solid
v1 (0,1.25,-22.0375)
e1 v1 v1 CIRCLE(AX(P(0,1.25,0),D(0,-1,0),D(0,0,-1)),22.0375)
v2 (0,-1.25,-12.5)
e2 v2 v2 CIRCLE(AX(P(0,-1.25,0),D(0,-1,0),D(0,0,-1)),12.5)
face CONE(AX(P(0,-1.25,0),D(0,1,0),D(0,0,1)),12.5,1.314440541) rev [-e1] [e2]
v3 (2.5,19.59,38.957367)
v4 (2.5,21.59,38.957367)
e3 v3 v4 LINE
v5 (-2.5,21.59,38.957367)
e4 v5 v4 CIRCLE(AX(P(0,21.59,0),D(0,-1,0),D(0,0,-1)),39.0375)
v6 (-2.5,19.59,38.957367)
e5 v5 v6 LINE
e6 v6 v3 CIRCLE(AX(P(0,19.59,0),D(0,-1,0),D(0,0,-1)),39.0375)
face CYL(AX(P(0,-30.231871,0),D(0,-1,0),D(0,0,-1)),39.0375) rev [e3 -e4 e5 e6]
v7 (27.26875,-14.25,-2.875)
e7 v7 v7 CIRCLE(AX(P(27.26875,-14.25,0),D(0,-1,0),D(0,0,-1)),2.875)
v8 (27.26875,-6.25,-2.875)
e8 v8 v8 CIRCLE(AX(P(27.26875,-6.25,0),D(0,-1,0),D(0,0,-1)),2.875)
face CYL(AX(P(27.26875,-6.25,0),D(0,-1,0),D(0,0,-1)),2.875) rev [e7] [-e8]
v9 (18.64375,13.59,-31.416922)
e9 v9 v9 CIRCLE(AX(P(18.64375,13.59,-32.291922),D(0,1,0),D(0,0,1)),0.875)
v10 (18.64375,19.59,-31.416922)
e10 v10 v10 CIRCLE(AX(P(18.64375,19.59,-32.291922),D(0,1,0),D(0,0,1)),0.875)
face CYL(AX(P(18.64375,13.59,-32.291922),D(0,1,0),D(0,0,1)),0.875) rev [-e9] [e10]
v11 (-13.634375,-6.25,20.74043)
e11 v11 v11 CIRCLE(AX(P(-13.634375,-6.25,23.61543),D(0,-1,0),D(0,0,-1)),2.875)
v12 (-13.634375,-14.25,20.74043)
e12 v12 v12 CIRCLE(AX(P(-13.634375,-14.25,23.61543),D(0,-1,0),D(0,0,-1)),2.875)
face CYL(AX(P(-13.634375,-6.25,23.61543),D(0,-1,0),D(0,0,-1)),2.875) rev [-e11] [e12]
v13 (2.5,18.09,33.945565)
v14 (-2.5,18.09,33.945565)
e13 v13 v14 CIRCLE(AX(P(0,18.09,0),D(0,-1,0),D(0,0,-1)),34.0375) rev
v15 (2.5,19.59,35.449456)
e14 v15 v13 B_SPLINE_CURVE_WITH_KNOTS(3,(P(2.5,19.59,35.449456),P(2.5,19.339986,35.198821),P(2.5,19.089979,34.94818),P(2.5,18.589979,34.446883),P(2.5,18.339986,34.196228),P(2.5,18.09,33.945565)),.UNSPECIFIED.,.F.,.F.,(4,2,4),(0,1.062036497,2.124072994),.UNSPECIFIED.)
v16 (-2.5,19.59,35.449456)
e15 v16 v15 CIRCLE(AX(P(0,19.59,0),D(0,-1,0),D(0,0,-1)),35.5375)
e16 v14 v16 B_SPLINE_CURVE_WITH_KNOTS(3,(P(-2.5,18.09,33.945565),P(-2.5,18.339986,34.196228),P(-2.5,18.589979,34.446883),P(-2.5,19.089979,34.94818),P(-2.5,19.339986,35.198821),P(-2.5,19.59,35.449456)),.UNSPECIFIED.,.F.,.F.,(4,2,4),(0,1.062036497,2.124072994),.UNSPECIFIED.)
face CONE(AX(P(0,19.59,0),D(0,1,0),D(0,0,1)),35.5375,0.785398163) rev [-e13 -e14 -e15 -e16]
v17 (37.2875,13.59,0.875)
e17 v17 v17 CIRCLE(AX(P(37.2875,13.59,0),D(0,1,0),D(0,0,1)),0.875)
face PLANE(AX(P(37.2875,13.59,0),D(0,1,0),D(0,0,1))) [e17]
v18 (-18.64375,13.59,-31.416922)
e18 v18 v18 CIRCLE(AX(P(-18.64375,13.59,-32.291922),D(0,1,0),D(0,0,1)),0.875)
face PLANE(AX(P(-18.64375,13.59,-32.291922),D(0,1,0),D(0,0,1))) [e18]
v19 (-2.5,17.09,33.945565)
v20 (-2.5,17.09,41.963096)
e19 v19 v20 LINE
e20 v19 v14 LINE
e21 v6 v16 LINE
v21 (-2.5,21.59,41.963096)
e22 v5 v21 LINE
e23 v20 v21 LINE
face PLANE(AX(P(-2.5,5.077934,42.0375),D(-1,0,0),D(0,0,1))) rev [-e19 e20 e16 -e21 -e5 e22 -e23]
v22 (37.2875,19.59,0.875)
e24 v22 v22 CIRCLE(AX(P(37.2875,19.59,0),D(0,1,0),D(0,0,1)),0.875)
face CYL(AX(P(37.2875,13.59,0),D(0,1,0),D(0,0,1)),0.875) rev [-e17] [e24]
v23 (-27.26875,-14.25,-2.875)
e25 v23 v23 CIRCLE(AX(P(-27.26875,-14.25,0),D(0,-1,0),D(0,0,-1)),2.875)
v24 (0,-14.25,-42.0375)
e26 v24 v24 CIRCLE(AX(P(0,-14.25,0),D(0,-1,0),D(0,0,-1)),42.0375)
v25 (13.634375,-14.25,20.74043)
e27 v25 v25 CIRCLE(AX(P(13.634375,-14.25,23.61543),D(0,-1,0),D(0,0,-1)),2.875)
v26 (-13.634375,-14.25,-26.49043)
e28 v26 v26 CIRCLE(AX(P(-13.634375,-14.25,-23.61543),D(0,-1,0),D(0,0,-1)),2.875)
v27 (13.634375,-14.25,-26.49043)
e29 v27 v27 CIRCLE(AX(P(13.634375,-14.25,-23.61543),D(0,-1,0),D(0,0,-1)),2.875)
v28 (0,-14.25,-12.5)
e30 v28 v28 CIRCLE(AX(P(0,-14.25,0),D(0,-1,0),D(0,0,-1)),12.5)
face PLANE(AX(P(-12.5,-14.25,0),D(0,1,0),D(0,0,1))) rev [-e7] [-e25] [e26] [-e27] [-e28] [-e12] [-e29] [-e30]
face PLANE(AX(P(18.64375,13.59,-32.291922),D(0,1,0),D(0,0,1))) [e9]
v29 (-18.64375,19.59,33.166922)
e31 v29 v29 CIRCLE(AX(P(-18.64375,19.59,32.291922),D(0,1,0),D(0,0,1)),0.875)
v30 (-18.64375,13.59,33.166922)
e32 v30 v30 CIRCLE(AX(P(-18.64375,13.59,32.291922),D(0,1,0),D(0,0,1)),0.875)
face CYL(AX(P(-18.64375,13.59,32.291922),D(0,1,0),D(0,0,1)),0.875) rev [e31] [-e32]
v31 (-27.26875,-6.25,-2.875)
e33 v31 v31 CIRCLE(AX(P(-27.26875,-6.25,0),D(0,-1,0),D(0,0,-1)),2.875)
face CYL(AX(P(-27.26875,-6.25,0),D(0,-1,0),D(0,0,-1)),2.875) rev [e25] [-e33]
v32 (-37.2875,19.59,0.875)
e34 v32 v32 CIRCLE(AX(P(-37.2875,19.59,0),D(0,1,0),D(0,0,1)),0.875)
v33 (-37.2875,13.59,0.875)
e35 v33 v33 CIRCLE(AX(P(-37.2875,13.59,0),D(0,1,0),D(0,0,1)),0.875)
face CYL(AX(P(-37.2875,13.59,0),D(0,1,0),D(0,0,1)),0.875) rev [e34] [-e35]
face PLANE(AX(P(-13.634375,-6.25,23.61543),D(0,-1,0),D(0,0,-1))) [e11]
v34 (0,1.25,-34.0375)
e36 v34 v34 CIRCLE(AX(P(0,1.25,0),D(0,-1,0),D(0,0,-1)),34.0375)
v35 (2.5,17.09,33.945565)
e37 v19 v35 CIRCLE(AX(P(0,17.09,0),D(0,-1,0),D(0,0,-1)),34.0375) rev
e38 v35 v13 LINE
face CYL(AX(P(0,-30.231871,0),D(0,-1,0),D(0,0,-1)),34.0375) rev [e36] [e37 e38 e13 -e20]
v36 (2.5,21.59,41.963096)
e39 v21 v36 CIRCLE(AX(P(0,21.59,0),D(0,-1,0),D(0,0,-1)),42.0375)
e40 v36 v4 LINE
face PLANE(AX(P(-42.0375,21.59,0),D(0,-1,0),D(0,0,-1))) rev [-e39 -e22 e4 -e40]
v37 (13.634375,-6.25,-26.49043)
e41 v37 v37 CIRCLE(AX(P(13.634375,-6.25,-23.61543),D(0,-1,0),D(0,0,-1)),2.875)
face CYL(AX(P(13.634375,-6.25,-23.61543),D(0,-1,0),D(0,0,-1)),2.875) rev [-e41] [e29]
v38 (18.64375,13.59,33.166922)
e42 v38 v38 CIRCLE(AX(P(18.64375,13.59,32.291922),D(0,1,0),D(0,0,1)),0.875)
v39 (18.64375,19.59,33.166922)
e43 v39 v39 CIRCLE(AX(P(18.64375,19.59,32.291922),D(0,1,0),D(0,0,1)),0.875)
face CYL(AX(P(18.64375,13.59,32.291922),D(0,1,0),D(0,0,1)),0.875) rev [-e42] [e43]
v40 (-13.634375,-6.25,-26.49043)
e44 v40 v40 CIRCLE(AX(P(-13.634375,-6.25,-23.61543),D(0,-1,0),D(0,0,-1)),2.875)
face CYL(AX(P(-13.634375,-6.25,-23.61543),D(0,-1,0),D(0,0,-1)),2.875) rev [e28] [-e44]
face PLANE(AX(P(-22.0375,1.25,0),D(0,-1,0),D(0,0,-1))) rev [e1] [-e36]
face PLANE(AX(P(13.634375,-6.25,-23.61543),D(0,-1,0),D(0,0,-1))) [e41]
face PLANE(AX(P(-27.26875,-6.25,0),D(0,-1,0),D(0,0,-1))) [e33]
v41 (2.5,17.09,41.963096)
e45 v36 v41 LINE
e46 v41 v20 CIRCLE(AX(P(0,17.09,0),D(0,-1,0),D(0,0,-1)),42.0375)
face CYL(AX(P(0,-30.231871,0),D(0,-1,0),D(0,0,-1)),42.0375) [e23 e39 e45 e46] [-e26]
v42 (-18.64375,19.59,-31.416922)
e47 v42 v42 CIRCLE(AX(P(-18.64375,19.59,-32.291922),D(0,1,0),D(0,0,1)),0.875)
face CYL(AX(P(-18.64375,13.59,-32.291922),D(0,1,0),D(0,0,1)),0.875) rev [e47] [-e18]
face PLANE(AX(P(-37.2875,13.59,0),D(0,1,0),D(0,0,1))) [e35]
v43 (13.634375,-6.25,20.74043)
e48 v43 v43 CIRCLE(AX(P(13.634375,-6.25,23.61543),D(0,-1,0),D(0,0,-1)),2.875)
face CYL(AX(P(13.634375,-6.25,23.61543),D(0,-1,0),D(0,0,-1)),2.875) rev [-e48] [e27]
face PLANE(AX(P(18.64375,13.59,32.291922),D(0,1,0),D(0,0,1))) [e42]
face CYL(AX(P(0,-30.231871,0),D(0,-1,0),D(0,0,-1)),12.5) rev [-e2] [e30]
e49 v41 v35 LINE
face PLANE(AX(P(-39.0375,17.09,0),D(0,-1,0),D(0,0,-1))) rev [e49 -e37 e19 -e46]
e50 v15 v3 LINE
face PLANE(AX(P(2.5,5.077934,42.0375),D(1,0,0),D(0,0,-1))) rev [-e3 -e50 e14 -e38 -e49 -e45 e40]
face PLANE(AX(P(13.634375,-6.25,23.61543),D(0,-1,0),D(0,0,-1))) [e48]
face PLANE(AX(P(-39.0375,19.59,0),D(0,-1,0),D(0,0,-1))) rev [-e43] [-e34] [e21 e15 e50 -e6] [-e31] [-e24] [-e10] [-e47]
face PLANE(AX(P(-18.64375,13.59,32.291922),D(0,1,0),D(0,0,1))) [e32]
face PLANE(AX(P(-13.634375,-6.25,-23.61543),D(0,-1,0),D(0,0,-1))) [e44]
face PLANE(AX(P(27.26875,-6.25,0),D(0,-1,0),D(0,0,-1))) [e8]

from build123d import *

# Parameters (mm, degrees)
SKETCH8_W         = 5
SKETCH8_H         = 8.09193466
WIRE_HOLE_DEPTH   = 4.5
CHAMFER1_SIZE     = 1.5
SKETCH9_R         = 0.875
FRONT_HOLES_DEPTH = 6
SKETCH10_R        = 2.875
BACK_HOLES_DEPTH  = 8


with BuildPart() as part:
    # Sketch7 → Base Motor Housing (revolve)
    with BuildSketch(Plane.XY, mode=Mode.PRIVATE) as base_motor_housing_sk:
        Polygon((-42.0375, 21.59), (-39.0375, 21.59), (-39.0375, 19.59), (-34.0375, 19.59), (-34.0375, 1.25), (-22.0375, 1.25), (-12.5, -1.25), (-12.5, -14.25), (-42.0375, -14.25), align=None)
    revolve(base_motor_housing_sk.sketch.rotate(Axis((0, -30.231871117, 0), (0, 1, 0)), 270), axis=Axis((0, -30.231871117, 0), (0, 1, 0)))

    # Sketch8 → Wire Hole (cut)
    with BuildSketch(Plane(origin=(0, 21.59, 0), x_dir=(1, 0, 0), z_dir=(0, 1, 0))):
        with Locations((0, -37.99153267)):
            Rectangle(SKETCH8_W, SKETCH8_H)
    extrude(amount=-WIRE_HOLE_DEPTH, mode=Mode.SUBTRACT)

    # Chamfer1
    chamfer1_edges = [part.edges().sort_by_distance(p)[0] for p in [
        (34.01450857, 19.59, -1.250844913),
    ]]
    chamfer(chamfer1_edges, length=CHAMFER1_SIZE)

    # Sketch9 → Front-Holes (cut)
    with BuildSketch(Plane(origin=(0, 19.59, 0), x_dir=(1, 0, 0), z_dir=(0, 1, 0))):
        with Locations(Location((-37.2875, 0, 0), (0, 0, 270))):
            Circle(SKETCH9_R)
        with Locations(Location((-18.64375, 32.291922244, 0), (0, 0, 270))):
            Circle(SKETCH9_R)
        with Locations(Location((18.64375, 32.291922244, 0), (0, 0, 270))):
            Circle(SKETCH9_R)
        with Locations(Location((37.2875, 0, 0), (0, 0, 270))):
            Circle(SKETCH9_R)
        with Locations(Location((18.64375, -32.291922244, 0), (0, 0, 270))):
            Circle(SKETCH9_R)
        with Locations(Location((-18.64375, -32.291922244, 0), (0, 0, 270))):
            Circle(SKETCH9_R)
    extrude(amount=-FRONT_HOLES_DEPTH, mode=Mode.SUBTRACT)

    # Sketch10 → Back-Holes (cut)
    with BuildSketch(Plane.XZ.offset(14.25)):
        with Locations(Location((-27.26875, 0, 0), (0, 0, 270))):
            Circle(SKETCH10_R)
        with Locations(Location((-13.634375, 23.615430229, 0), (0, 0, 270))):
            Circle(SKETCH10_R)
        with Locations(Location((13.634375, 23.615430229, 0), (0, 0, 270))):
            Circle(SKETCH10_R)
        with Locations(Location((27.26875, 0, 0), (0, 0, 270))):
            Circle(SKETCH10_R)
        with Locations(Location((13.634375, -23.615430229, 0), (0, 0, 270))):
            Circle(SKETCH10_R)
        with Locations(Location((-13.634375, -23.615430229, 0), (0, 0, 270))):
            Circle(SKETCH10_R)
    extrude(amount=-BACK_HOLES_DEPTH, mode=Mode.SUBTRACT)


solid = part.part
